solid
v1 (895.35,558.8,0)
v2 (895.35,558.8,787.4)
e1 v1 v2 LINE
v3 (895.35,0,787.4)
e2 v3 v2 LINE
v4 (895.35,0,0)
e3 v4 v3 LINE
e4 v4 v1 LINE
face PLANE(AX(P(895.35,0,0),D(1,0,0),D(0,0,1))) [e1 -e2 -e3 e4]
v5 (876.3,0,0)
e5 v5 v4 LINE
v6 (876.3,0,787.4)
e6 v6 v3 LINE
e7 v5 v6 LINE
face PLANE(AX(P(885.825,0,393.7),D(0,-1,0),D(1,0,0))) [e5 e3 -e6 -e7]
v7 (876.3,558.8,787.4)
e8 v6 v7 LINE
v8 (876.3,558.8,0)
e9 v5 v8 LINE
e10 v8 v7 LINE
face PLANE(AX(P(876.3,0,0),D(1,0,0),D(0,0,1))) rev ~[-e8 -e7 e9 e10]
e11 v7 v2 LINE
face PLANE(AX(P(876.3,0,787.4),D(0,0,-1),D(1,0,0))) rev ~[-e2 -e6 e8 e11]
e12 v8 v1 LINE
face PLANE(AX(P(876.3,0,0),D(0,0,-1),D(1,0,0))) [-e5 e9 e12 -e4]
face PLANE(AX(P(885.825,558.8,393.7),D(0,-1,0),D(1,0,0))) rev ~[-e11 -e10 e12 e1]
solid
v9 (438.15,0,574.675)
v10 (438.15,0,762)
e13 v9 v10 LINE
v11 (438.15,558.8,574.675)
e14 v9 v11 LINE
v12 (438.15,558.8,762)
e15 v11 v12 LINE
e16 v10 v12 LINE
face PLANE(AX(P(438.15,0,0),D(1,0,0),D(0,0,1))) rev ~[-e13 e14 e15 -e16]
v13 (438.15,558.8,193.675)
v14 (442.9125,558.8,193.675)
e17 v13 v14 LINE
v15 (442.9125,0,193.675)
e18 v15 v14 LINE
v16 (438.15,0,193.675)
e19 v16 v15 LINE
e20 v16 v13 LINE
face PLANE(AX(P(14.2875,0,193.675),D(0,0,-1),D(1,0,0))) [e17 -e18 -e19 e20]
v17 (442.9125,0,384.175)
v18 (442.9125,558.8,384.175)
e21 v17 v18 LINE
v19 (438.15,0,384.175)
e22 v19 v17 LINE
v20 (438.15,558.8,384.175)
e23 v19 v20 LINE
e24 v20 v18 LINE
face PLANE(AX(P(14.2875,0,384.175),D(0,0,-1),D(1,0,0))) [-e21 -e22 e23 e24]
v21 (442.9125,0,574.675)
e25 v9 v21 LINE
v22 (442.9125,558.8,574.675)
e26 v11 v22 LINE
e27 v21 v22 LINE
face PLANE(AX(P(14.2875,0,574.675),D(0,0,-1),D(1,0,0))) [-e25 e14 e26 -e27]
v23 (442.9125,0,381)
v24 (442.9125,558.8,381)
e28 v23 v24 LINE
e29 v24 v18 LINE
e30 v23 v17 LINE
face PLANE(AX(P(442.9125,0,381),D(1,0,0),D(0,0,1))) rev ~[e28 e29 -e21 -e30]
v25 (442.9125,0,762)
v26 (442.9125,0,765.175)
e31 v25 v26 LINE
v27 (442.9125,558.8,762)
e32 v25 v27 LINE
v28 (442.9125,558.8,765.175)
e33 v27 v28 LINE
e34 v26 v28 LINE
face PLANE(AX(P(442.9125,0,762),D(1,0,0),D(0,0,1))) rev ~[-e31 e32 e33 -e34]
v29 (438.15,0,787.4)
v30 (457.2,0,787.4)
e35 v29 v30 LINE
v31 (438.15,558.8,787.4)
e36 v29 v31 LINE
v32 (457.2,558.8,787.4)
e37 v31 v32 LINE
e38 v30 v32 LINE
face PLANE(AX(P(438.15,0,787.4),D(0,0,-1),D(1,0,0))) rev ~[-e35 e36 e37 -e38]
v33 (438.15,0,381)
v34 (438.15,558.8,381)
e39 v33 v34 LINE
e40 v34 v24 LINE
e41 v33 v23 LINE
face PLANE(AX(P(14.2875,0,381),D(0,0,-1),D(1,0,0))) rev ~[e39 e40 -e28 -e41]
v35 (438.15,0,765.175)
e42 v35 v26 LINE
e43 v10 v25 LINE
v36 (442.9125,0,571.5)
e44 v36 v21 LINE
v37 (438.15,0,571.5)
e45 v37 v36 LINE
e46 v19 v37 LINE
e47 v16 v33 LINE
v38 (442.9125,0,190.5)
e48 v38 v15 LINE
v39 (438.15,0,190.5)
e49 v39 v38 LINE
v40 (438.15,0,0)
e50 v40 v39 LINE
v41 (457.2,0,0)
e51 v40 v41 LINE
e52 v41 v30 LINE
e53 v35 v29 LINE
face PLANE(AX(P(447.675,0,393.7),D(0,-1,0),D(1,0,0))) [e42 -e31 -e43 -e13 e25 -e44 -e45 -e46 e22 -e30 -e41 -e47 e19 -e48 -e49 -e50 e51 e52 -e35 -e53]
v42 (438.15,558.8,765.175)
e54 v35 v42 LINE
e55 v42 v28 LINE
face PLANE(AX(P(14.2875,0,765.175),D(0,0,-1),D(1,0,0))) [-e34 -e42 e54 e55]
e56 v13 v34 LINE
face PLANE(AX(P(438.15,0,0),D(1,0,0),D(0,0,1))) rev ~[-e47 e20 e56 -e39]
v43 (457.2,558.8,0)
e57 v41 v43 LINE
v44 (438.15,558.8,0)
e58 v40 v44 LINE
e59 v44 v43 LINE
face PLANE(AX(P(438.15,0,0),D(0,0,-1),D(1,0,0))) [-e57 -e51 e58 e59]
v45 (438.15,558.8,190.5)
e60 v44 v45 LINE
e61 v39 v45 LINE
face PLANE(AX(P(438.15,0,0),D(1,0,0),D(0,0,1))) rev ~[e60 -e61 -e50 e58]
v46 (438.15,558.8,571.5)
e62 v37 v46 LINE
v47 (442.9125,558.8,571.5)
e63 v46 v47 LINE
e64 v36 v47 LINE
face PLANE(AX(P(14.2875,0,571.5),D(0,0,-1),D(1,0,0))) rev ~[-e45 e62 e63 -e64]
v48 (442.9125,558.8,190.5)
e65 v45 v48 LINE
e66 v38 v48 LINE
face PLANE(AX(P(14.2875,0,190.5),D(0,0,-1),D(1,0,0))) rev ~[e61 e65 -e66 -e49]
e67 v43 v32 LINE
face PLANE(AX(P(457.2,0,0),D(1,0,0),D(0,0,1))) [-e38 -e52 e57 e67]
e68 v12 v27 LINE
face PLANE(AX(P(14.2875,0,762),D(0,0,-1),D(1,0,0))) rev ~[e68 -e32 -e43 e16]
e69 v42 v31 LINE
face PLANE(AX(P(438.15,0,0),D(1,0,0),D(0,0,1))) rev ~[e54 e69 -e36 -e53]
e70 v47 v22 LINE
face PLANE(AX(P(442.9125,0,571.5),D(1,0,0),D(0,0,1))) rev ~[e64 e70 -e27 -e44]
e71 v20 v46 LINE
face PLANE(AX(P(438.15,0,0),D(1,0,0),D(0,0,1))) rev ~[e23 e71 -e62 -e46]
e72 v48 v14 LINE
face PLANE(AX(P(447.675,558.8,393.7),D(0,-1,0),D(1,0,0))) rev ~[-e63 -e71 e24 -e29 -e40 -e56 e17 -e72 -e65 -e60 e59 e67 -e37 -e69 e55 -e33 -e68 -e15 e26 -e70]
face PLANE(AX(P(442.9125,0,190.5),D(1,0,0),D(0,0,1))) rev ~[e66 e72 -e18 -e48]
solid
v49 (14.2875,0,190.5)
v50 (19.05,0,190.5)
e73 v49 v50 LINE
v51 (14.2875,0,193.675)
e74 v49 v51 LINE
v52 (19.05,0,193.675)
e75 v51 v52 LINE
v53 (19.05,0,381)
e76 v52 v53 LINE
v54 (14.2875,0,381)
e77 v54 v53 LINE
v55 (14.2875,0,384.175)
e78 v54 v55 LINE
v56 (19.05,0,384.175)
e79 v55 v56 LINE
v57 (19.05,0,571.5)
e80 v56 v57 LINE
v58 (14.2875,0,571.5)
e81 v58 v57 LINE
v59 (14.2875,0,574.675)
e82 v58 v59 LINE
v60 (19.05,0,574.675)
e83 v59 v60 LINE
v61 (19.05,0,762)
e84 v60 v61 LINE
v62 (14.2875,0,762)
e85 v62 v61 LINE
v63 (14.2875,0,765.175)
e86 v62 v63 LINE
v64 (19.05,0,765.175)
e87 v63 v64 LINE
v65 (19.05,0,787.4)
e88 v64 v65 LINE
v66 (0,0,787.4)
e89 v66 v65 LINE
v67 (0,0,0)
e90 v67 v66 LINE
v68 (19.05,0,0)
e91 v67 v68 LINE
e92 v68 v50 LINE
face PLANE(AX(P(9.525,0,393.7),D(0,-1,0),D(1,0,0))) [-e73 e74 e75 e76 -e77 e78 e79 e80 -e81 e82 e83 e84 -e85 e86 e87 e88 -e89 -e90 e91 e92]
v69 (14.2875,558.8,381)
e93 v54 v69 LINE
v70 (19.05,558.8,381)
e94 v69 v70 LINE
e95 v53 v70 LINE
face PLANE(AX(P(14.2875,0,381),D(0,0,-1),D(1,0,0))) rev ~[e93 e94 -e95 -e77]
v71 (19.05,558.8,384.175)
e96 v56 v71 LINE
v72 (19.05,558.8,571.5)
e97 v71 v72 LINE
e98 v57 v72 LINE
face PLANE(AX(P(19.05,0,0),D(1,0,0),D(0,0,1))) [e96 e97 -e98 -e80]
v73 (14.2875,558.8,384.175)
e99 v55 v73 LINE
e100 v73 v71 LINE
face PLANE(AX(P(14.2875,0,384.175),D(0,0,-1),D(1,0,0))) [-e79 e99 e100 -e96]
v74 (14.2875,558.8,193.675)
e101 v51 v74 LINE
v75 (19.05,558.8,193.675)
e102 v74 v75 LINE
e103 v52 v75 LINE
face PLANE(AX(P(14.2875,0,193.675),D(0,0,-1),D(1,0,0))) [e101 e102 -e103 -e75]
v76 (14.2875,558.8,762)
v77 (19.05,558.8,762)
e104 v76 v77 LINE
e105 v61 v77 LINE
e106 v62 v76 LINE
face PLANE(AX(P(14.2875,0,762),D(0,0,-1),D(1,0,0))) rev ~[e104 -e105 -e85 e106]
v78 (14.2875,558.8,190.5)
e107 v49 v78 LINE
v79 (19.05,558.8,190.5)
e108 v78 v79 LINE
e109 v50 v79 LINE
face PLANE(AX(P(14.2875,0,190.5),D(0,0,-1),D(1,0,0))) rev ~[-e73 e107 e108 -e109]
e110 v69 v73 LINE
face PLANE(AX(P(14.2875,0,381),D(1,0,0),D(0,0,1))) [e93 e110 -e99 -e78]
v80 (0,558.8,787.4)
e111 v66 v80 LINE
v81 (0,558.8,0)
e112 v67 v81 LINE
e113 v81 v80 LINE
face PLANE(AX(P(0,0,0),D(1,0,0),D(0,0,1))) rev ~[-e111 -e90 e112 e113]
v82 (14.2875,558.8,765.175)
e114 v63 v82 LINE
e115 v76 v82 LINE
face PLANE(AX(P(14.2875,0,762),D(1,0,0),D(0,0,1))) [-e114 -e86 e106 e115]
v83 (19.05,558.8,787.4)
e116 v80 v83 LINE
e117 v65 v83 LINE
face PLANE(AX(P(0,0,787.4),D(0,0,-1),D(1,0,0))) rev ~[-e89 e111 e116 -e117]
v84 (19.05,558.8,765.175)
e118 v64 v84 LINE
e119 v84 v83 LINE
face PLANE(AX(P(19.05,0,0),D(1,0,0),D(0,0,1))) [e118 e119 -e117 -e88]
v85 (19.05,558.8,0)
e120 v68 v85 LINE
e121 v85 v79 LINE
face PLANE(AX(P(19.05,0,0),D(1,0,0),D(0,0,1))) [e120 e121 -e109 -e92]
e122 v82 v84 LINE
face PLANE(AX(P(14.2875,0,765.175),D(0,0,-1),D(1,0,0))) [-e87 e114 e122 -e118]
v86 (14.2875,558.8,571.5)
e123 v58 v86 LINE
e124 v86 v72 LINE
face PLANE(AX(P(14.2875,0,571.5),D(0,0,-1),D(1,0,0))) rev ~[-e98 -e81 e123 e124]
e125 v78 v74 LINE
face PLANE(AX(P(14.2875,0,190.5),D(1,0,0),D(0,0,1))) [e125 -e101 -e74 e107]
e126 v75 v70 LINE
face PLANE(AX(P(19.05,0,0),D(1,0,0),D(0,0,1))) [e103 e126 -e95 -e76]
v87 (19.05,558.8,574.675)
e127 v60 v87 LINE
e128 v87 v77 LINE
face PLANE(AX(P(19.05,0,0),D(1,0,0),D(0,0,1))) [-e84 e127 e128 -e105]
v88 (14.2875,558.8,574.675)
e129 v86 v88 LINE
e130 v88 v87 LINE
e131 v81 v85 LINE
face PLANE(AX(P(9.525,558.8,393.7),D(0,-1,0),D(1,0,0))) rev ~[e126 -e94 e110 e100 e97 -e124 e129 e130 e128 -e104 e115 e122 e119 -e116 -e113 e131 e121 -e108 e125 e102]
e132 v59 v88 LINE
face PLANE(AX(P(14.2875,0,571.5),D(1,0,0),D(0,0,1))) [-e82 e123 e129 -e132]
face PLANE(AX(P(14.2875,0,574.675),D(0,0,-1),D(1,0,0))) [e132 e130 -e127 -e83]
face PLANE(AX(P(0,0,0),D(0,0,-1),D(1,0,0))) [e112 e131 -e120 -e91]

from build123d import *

# Parameters (mm, degrees)
F0_W     = 19.05
F0_H     = 787.4
F1_DEPTH = 558.8
F2_W     = 428.625
F2_H     = 3.175
F3_DEPTH = 558.801


with BuildPart() as f1:
    # F0 (on Front) → F1 (new body)
    with BuildSketch(Plane.XZ):
        with Locations((9.525, 393.7)):
            Rectangle(F0_W, F0_H)
        with Locations((447.675, 393.7)):
            Rectangle(F0_W, F0_H)
        with Locations((885.825, 393.7)):
            Rectangle(F0_W, F0_H)
    extrude(amount=-F1_DEPTH)

    # F2 (on Front) → F3 (cut, through all)
    with BuildSketch(Plane.XZ):
        with Locations((228.6, 192.0875)):
            Rectangle(F2_W, F2_H)
        with Locations((228.6, 382.5875)):
            Rectangle(F2_W, F2_H)
        with Locations((228.6, 573.0875)):
            Rectangle(F2_W, F2_H)
        with Locations((228.6, 763.5875)):
            Rectangle(F2_W, F2_H)
    extrude(amount=-F3_DEPTH, mode=Mode.SUBTRACT)


solid = f1.part
